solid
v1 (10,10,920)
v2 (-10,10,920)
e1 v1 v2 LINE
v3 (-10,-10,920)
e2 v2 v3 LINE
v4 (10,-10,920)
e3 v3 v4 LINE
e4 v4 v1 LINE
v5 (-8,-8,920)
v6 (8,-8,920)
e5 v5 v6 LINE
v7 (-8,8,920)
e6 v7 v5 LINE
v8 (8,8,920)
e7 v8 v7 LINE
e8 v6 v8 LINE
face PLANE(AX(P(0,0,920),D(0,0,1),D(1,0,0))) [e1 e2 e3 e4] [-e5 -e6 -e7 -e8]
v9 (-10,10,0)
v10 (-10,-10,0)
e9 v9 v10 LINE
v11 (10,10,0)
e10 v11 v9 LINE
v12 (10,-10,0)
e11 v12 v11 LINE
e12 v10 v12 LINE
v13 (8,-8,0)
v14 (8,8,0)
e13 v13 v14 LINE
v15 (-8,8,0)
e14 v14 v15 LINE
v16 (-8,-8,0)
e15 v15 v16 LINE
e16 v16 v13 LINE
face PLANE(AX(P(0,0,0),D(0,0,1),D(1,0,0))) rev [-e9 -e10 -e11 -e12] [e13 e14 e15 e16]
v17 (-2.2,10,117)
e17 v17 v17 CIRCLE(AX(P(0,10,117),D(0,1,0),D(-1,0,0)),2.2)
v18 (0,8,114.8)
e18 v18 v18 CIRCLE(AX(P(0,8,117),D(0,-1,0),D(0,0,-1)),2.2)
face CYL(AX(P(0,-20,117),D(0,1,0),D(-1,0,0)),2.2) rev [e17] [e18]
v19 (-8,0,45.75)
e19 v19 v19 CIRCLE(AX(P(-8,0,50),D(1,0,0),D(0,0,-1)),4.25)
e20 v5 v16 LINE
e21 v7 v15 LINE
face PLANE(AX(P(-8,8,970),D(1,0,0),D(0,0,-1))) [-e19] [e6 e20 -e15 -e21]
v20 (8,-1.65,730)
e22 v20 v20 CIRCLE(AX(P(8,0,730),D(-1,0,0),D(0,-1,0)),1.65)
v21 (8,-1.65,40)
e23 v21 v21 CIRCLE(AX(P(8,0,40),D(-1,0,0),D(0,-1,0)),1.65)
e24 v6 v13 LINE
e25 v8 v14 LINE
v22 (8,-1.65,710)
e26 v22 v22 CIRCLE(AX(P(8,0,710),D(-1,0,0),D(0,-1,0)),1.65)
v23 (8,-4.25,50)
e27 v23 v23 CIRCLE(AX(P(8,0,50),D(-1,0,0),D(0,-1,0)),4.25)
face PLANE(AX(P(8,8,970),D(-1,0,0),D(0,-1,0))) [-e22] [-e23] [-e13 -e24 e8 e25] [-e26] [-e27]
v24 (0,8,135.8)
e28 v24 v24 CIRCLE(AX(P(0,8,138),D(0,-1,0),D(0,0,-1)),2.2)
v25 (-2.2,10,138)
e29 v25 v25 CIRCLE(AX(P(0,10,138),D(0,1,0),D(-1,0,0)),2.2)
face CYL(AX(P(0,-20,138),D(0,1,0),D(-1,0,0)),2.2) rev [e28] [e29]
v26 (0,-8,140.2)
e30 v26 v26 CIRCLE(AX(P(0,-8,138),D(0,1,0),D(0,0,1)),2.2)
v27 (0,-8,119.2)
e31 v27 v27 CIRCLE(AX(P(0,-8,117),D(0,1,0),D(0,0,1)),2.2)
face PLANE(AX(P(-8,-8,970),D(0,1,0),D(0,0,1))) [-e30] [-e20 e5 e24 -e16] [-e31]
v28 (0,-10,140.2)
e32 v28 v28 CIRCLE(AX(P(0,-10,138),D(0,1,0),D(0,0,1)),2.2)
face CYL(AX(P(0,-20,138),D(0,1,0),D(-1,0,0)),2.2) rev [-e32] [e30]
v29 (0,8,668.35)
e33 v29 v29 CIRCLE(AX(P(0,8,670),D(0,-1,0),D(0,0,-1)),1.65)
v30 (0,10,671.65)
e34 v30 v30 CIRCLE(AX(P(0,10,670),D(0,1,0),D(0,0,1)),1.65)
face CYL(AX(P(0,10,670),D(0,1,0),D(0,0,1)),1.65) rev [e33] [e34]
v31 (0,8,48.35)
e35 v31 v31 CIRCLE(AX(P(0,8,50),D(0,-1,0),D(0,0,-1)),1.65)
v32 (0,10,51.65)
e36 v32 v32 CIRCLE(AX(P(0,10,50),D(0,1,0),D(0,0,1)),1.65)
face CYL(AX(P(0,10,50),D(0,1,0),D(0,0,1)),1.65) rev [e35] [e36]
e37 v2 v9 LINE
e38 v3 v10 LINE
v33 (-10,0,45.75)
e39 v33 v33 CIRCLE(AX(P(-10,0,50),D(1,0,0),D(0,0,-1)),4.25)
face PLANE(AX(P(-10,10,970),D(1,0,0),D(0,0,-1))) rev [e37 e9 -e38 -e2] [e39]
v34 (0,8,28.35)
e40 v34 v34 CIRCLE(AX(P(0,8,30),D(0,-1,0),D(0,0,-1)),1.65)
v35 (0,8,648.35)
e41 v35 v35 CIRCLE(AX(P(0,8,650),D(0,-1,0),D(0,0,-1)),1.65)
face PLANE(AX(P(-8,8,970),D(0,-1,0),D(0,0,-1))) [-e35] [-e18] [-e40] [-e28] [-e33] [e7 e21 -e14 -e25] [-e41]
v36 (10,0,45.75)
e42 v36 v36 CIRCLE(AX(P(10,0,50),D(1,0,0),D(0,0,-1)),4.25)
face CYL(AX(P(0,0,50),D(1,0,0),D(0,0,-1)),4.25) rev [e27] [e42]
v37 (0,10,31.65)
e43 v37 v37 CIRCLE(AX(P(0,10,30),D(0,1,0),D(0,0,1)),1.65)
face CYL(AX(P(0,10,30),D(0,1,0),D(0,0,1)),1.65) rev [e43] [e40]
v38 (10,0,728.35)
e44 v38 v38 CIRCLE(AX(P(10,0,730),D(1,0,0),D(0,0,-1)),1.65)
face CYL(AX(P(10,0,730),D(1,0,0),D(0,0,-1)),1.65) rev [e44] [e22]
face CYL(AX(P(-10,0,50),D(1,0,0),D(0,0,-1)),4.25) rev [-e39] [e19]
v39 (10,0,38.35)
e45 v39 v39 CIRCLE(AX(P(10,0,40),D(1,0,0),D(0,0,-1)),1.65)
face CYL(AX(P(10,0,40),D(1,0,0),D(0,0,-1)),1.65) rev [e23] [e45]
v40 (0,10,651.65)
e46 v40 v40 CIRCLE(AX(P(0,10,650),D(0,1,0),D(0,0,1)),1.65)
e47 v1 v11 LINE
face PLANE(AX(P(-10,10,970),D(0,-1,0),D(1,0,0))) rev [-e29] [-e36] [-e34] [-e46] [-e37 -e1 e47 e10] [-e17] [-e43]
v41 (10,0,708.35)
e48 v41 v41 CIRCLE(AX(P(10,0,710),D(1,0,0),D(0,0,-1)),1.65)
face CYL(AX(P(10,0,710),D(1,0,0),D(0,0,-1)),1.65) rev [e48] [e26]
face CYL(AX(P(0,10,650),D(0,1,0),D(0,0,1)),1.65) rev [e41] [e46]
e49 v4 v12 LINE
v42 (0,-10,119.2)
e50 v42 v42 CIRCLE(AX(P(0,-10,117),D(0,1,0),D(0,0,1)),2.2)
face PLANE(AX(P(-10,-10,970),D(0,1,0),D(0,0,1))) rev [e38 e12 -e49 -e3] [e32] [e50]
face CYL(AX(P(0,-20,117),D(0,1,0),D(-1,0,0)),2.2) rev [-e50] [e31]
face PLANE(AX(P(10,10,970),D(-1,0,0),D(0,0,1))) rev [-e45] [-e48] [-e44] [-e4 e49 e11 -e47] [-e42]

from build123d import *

# Parameters (mm, degrees)
SKETCH_1_W           = 20
SKETCH_1_H           = 20
SKETCH_1_W_2         = 16
SKETCH_1_H_2         = 16
EXTRUDE_1_DEPTH      = 970
SKETCH_2_R           = 1
SKETCH_2_R_2         = 4.25
CUT_EXTRUDE_1_DEPTH  = 10
CUT_EXTRUDE_2_DEPTH  = 10
SKETCH_5_R           = 2.2
CUT_EXTRUDE_7_DEPTH  = 30
SKETCH_6_W           = 27.825743136
SKETCH_6_H           = 21.841712354
CUT_EXTRUDE_8_DEPTH  = 50
M4X0_7_3_D           = 3.3
M4X0_7_3_DEPTH       = 11.5
M4X0_7_3_TIP         = 0.991420021
SKETCH_11_R          = 1
CUT_EXTRUDE_9_DEPTH  = 10
M4X0_7_4_D           = 3.3
M4X0_7_4_DEPTH       = 11.5
M4X0_7_4_TIP         = 0.991420021
SKETCH_13_R          = 4.25
CUT_EXTRUDE_10_DEPTH = 21
M4X0_7_5_D           = 3.3
M4X0_7_5_DEPTH       = 11.5
M4X0_7_5_TIP         = 0.991420021


with BuildPart() as part:
    # ｽｹｯﾁ1 → ﾎﾞｽ - 押し出し1 (new body)
    with BuildSketch(Plane.XY):
        Rectangle(SKETCH_1_W, SKETCH_1_H)
        Rectangle(SKETCH_1_W_2, SKETCH_1_H_2, mode=Mode.SUBTRACT)
    extrude(amount=EXTRUDE_1_DEPTH)

    # ｽｹｯﾁ2 → ｶｯﾄ - 押し出し1 (cut)
    with BuildSketch(Plane(origin=(10, 0, 0), x_dir=(0, 0, -1), z_dir=(1, 0, 0))):
        with Locations((-710, 0)):
            Circle(SKETCH_2_R)
        with Locations((-50, 0)):
            Circle(SKETCH_2_R_2)
        with Locations((-40, 0)):
            Circle(SKETCH_2_R)
        with Locations((-730, 0)):
            Circle(SKETCH_2_R)
    extrude(amount=-CUT_EXTRUDE_1_DEPTH, mode=Mode.SUBTRACT)

    # ｽｹｯﾁ3 → ｶｯﾄ - 押し出し2 (cut)
    with BuildSketch(Plane(origin=(0, 10, 0), x_dir=(1, 0, 0), z_dir=(0, 1, 0))):
        with BuildLine():
            ThreePointArc((0, -649), (-1, -650), (0, -651))
            Line((0, -651), (0, -650))
            Line((0, -650), (0, -649))
        make_face()
        with BuildLine():
            Line((0, -650), (0, -651))
            ThreePointArc((0, -651), (0.707106781, -650.707106781), (1, -650))
            ThreePointArc((1, -650), (0.707106781, -649.292893219), (0, -649))
            Line((0, -649), (0, -650))
        make_face()
        with BuildLine():
            ThreePointArc((0, -669), (-1, -670), (0, -671))
            Line((0, -671), (0, -670))
            Line((0, -670), (0, -669))
        make_face()
        with BuildLine():
            Line((0, -670), (0, -671))
            ThreePointArc((0, -671), (0.707106781, -670.707106781), (1, -670))
            ThreePointArc((1, -670), (0.707106781, -669.292893219), (0, -669))
            Line((0, -669), (0, -670))
        make_face()
    extrude(amount=-CUT_EXTRUDE_2_DEPTH, mode=Mode.SUBTRACT)

    # ｽｹｯﾁ5 → ｶｯﾄ - 押し出し7 (cut)
    with BuildSketch(Plane(origin=(0, 10, 0), x_dir=(1, 0, 0), z_dir=(0, 1, 0))):
        with Locations((0, -117)):
            Circle(SKETCH_5_R)
        with Locations((0, -138)):
            Circle(SKETCH_5_R)
    extrude(amount=-CUT_EXTRUDE_7_DEPTH, mode=Mode.SUBTRACT)

    # ｽｹｯﾁ6 → ｶｯﾄ - 押し出し8 (cut)
    with BuildSketch(Plane.XY.offset(970)):
        Rectangle(SKETCH_6_W, SKETCH_6_H)
    extrude(amount=-CUT_EXTRUDE_8_DEPTH, mode=Mode.SUBTRACT)

    # M4x0.7 ねじ穴3
    with Locations(Plane(origin=(0, 10, 650), x_dir=(1, 0, 0), z_dir=(0, 1, 0))):
        with Locations((0, 0), (0, -20)):
            Hole(M4X0_7_3_D / 2, depth=M4X0_7_3_DEPTH)
            with Locations((0, 0, -(M4X0_7_3_DEPTH + M4X0_7_3_TIP / 2))):  # 118° drill point
                Cone(0, M4X0_7_3_D / 2, M4X0_7_3_TIP, mode=Mode.SUBTRACT)

    # ｽｹｯﾁ11 → ｶｯﾄ - 押し出し9 (cut)
    with BuildSketch(Plane(origin=(0, 10, 0), x_dir=(1, 0, 0), z_dir=(0, 1, 0))):
        with Locations((0, -30)):
            Circle(SKETCH_11_R)
        with Locations((0, -50)):
            Circle(SKETCH_11_R)
    extrude(amount=-CUT_EXTRUDE_9_DEPTH, mode=Mode.SUBTRACT)

    # M4x0.7 ねじ穴4
    with Locations(Plane(origin=(0, 10, 30), x_dir=(1, 0, 0), z_dir=(0, 1, 0))):
        with Locations((0, 0), (0, -20)):
            Hole(M4X0_7_4_D / 2, depth=M4X0_7_4_DEPTH)
            with Locations((0, 0, -(M4X0_7_4_DEPTH + M4X0_7_4_TIP / 2))):  # 118° drill point
                Cone(0, M4X0_7_4_D / 2, M4X0_7_4_TIP, mode=Mode.SUBTRACT)

    # ｽｹｯﾁ13 → ｶｯﾄ - 押し出し10 (cut, through all)
    with BuildSketch(Plane(origin=(10, 0, 0), x_dir=(0, 0, -1), z_dir=(1, 0, 0))):
        with Locations((-50, 0)):
            Circle(SKETCH_13_R)
    extrude(amount=-CUT_EXTRUDE_10_DEPTH, mode=Mode.SUBTRACT)

    # M4x0.7 ねじ穴5
    with Locations(Plane(origin=(10, 0, 40), x_dir=(0, 0, 1), z_dir=(1, 0, 0))):
        with Locations((0, 0), (670, 0), (690, 0)):
            Hole(M4X0_7_5_D / 2, depth=M4X0_7_5_DEPTH)
            with Locations((0, 0, -(M4X0_7_5_DEPTH + M4X0_7_5_TIP / 2))):  # 118° drill point
                Cone(0, M4X0_7_5_D / 2, M4X0_7_5_TIP, mode=Mode.SUBTRACT)


solid = part.part
